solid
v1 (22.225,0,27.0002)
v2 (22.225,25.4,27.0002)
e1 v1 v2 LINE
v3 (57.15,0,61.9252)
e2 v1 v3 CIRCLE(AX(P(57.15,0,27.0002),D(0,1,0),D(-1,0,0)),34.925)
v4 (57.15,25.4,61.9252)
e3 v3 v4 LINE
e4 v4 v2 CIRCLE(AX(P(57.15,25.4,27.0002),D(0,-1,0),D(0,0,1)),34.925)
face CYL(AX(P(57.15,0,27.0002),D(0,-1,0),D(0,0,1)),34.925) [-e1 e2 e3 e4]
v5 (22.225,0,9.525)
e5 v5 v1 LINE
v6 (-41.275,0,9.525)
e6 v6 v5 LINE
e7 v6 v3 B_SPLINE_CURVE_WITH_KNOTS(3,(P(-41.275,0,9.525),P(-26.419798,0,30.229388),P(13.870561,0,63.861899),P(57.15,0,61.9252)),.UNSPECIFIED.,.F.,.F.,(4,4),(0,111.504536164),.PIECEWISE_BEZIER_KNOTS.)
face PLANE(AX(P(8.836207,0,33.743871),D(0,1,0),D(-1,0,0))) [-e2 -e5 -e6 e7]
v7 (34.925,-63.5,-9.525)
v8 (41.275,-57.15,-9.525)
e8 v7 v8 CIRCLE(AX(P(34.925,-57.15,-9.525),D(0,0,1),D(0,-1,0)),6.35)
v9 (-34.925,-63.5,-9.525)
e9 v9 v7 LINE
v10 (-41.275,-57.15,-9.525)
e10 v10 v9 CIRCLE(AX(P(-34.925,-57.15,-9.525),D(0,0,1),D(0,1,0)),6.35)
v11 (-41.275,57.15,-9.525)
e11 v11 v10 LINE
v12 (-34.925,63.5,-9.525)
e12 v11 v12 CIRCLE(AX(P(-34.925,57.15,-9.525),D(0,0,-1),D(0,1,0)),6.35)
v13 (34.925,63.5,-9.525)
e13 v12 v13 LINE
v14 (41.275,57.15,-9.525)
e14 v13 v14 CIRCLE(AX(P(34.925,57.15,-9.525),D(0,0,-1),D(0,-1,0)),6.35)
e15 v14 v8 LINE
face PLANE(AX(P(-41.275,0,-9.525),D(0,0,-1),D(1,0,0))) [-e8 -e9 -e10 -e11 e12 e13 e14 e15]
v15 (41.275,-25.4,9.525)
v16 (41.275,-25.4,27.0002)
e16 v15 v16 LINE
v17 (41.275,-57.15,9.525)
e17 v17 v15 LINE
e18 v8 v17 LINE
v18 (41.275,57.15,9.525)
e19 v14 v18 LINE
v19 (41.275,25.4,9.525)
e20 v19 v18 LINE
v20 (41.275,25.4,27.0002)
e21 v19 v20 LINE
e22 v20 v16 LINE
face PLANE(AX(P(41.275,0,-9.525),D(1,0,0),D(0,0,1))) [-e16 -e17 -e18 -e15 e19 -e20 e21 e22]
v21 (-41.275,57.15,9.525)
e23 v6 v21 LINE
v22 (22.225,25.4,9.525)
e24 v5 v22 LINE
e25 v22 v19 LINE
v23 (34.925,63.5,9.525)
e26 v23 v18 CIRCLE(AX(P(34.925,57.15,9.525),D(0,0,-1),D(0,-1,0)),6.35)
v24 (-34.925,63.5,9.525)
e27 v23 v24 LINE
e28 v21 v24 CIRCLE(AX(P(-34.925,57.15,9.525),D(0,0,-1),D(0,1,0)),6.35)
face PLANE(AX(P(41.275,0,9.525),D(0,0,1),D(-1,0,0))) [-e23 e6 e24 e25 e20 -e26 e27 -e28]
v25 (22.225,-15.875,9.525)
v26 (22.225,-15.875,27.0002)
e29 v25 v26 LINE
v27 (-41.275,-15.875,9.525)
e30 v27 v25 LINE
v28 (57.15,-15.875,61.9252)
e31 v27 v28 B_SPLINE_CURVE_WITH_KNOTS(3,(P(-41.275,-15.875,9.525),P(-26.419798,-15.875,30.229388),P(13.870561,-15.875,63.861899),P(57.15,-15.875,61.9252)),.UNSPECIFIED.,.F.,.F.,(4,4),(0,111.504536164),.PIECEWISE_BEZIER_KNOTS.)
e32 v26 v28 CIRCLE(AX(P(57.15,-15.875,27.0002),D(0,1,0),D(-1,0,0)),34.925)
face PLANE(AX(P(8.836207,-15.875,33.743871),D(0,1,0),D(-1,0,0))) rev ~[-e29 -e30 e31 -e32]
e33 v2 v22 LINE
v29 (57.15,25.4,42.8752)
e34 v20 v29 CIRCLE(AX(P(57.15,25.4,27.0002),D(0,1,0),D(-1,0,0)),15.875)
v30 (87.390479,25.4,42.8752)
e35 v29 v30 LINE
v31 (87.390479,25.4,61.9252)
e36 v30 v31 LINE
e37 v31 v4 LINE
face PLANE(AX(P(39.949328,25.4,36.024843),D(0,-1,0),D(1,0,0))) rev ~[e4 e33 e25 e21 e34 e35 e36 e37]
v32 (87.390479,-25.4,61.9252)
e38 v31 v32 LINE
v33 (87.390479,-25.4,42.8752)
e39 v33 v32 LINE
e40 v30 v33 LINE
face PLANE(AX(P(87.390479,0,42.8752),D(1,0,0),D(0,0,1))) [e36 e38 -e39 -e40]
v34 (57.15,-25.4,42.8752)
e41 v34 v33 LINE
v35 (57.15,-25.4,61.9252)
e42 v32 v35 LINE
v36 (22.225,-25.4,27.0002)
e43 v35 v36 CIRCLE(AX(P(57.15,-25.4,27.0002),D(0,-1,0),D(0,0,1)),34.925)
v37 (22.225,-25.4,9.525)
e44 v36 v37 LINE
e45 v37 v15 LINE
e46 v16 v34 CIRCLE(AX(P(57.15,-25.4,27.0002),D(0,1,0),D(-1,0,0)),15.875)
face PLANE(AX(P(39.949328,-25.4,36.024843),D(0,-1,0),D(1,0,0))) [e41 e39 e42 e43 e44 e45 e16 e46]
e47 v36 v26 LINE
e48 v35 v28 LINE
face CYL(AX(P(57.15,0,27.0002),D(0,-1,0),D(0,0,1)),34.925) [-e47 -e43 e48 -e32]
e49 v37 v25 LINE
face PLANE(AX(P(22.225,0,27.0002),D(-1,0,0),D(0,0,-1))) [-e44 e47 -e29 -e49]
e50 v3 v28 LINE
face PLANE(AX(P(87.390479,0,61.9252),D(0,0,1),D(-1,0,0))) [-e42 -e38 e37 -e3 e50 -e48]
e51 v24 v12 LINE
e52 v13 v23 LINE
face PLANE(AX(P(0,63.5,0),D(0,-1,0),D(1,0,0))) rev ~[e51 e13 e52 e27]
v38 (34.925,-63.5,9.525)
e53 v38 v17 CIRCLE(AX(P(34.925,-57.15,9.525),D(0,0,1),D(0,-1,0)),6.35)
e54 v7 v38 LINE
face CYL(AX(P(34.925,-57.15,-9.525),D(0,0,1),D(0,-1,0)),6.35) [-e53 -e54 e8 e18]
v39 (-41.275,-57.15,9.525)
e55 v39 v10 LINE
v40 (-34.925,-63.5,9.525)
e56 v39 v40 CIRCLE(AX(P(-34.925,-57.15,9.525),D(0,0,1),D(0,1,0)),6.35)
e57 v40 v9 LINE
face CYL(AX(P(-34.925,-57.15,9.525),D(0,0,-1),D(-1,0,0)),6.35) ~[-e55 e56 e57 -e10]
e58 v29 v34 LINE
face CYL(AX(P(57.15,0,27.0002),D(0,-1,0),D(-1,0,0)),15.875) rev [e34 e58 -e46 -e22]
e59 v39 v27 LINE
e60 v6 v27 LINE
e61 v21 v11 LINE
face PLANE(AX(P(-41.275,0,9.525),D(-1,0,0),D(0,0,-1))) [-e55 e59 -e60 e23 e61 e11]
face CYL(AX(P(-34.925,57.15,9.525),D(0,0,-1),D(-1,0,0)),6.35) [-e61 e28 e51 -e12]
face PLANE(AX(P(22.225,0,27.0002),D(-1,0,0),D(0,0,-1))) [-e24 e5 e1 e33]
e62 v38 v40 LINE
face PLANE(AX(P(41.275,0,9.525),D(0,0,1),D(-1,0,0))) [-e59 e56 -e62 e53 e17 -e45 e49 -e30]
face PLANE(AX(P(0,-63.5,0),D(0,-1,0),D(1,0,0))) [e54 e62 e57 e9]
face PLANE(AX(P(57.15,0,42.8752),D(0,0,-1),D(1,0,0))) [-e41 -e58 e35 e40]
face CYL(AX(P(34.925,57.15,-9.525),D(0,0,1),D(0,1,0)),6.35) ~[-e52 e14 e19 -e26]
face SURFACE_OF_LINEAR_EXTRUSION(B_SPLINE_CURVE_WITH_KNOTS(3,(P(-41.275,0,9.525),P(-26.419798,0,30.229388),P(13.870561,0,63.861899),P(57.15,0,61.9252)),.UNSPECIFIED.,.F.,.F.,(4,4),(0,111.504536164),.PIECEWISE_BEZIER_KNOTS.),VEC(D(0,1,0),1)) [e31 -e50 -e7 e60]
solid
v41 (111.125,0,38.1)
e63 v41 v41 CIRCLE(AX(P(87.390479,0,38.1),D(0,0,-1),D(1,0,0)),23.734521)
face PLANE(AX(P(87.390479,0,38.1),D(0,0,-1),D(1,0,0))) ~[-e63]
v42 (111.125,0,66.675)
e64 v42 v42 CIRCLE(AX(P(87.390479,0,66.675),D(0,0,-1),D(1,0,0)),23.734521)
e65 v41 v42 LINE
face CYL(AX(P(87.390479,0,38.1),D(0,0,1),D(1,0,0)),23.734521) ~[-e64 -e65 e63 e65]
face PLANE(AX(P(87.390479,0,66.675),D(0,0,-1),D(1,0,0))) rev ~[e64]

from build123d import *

# Parameters (mm, degrees)
F1_DEPTH = 63.5
F0_W     = 27.0654788882
F0_H     = 19.05
F2_DEPTH = 25.4
F3_DEPTH = 15.875
F5_R     = 6.35


with BuildPart() as f1:
    # F0 (on Front) → F1 (new body, symmetric)
    with BuildSketch(Plane.XZ):
        Polygon((-41.275, 9.525), (-41.275, -9.525), (41.275, -9.525), (41.275, 9.525), (22.225, 9.525), align=None)
    extrude(amount=F1_DEPTH, both=True)

    # F0 (on Front) → F2 (join, symmetric)
    with BuildSketch(Plane.XZ):
        with BuildLine():
            Line((22.225, 9.525), (41.275, 9.525))
            Line((41.275, 9.525), (41.275, 27.0002))
            ThreePointArc((41.275, 27.0002), (45.9246798487, 38.2255201513), (57.15, 42.8752))
            Line((57.15, 42.8752), (60.325, 42.8752))
            Line((60.325, 42.8752), (60.325, 61.9252))
            Line((60.325, 61.9252), (57.15, 61.9252))
            ThreePointArc((57.15, 61.9252), (32.4542956671, 51.6959043329), (22.225, 27.0002))
            Line((22.225, 27.0002), (22.225, 9.525))
        make_face()
        with Locations((73.8577394441, 52.4002)):
            Rectangle(F0_W, F0_H)
    extrude(amount=F2_DEPTH, both=True)

    # F0 (on Front) → F3 (join)
    with BuildSketch(Plane.XZ):
        with BuildLine():
            add(Edge.make_bspline(
                [(-41.275, 9.525), (-26.4197979122, 30.2293878049), (13.8705614954, 63.8618990779), (57.15, 61.9252)],
                knots=[0, 0, 0, 0, 111.5045361635, 111.5045361635, 111.5045361635, 111.5045361635], degree=3))
            Line((-41.275, 9.525), (22.225, 9.525))
            Line((22.225, 9.525), (22.225, 27.0002))
            ThreePointArc((22.225, 27.0002), (32.4542956671, 51.6959043329), (57.15, 61.9252))
        make_face()
    extrude(amount=F3_DEPTH)

    # F5
    f5_edges = [f1.edges().sort_by_distance(p)[0] for p in [
        (-41.275, -63.5, 0),
        (41.275, 63.5, 0),
        (41.275, -63.5, 0),
        (-41.275, 63.5, 0),
    ]]
    fillet(f5_edges, radius=F5_R)


with BuildPart() as f4:
    # F0 (on Front) → F4 (revolve)
    with BuildSketch(Plane.XZ):
        Polygon((87.3904788882, 66.675), (87.3904788882, 61.9252), (87.3904788882, 42.8752), (87.3904788882, 38.1), (111.125, 38.1), (111.125, 66.675), align=None)
    revolve(axis=Axis((87.3904788882, 0, 52.3875), (0, 0, -1)))


solid = Compound([f1.part, f4.part])
